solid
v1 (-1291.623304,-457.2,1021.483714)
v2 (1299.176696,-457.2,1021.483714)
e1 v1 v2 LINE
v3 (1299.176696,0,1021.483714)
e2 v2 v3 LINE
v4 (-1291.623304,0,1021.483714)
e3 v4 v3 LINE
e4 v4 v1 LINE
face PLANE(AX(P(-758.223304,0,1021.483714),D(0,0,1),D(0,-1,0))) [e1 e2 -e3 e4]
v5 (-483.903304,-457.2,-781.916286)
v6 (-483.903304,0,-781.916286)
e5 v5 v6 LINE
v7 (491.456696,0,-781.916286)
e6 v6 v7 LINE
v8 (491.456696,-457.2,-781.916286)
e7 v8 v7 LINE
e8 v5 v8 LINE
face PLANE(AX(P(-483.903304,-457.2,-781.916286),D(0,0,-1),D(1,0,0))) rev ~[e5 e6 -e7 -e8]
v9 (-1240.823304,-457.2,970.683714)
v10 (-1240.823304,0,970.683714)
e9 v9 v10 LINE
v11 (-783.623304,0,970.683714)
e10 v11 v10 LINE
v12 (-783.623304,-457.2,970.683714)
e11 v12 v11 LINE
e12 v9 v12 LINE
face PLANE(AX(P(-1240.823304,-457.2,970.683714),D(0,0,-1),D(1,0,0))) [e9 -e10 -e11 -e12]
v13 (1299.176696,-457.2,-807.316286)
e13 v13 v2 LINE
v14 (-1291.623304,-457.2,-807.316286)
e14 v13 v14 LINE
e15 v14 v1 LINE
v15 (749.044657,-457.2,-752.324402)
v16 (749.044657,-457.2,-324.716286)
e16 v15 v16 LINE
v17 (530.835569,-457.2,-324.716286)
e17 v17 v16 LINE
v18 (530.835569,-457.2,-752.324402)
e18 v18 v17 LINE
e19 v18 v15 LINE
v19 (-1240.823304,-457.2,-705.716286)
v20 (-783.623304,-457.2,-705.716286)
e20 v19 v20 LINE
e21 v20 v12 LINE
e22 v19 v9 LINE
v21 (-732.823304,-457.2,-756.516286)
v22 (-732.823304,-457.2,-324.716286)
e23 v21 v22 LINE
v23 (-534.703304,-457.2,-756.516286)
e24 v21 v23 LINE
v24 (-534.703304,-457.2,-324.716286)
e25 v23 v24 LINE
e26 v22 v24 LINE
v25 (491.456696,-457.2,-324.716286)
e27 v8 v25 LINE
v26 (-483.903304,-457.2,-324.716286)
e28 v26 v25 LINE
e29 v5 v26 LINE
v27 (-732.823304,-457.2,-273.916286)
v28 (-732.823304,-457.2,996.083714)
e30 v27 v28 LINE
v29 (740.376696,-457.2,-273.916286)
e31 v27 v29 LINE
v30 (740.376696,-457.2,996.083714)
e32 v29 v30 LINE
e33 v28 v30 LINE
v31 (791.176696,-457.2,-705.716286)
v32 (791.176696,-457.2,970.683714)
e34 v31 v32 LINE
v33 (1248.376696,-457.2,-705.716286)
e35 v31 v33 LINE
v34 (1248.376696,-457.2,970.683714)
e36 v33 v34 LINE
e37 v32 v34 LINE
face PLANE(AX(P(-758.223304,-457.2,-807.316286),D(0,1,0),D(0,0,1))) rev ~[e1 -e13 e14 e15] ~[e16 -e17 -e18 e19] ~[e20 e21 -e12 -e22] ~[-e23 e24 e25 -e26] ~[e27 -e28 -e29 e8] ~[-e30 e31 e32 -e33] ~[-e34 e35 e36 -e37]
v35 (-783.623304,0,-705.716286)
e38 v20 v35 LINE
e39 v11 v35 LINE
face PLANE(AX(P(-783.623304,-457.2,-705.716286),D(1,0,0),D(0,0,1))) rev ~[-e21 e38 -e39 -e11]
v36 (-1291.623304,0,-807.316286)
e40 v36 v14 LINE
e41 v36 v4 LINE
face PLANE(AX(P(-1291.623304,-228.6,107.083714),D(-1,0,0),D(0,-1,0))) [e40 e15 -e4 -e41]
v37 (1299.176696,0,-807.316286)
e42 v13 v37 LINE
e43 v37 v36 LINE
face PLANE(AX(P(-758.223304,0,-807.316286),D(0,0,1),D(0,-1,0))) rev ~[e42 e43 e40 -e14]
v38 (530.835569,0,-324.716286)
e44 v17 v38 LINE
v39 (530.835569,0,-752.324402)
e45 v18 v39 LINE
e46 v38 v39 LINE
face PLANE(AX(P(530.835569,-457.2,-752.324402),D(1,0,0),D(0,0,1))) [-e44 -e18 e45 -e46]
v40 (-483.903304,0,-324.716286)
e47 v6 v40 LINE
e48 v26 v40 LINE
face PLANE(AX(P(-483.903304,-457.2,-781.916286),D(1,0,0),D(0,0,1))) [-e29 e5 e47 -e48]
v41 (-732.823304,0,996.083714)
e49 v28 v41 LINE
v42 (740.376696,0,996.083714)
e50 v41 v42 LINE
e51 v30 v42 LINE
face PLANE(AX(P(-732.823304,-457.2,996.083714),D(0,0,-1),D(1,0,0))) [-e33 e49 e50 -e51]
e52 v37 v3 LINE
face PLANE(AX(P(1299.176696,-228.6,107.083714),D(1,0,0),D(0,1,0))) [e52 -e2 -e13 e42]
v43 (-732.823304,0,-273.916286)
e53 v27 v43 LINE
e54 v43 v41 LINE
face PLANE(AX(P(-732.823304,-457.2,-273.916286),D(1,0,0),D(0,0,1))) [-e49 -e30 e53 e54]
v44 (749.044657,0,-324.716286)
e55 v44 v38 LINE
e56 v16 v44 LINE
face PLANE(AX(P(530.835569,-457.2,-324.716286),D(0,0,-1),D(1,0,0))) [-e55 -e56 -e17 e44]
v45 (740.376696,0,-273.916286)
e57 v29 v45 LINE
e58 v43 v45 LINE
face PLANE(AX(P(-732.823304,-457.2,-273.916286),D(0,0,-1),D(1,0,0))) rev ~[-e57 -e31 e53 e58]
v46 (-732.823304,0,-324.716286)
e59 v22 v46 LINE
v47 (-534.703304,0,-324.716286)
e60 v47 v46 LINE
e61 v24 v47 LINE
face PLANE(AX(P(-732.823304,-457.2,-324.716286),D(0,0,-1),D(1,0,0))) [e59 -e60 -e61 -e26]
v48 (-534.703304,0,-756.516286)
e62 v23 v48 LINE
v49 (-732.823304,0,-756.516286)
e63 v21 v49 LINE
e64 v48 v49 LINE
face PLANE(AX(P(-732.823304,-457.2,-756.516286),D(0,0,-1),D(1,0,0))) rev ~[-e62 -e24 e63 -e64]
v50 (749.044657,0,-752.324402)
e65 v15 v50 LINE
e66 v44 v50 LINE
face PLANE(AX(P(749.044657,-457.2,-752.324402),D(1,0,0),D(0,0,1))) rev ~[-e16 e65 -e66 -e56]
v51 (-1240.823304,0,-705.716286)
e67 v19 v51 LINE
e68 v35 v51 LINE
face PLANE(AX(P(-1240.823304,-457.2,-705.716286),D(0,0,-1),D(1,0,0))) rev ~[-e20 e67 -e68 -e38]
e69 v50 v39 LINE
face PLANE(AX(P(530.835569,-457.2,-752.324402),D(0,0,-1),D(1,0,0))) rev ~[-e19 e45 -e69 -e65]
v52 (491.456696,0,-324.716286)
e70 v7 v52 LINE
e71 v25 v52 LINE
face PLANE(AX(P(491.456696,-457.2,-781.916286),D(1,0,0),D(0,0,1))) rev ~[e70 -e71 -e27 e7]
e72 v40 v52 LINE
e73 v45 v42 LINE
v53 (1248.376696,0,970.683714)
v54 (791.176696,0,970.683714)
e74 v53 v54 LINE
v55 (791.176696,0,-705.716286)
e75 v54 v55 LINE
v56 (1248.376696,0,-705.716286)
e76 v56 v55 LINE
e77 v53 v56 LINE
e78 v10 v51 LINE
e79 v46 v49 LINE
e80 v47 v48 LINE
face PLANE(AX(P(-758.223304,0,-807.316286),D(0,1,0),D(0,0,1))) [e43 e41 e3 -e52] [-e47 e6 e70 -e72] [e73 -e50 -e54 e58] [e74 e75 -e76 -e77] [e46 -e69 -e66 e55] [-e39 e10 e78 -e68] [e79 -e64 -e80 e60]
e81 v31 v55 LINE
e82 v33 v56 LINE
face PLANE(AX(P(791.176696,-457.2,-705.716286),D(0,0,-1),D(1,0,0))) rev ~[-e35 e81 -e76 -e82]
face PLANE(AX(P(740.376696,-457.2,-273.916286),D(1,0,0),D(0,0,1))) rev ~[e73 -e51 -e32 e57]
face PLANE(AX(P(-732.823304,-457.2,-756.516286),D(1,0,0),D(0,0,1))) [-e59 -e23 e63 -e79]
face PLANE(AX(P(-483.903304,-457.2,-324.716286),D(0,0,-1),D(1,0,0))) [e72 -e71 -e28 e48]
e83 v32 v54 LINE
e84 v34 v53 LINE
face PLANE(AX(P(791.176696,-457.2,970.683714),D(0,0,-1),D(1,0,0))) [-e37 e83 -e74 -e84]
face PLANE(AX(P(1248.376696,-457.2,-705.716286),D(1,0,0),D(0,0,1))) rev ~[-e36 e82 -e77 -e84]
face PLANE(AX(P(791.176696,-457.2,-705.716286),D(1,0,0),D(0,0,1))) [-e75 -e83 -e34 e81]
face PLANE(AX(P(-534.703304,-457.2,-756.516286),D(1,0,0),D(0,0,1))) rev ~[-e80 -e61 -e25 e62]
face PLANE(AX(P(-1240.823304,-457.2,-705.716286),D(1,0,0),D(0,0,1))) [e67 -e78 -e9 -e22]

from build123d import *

# Parameters (mm, degrees)
F0_W      = 1524
F0_H      = 1828.8
F1_DEPTH  = 457.2
F2_W      = 1473.2
F2_H      = 1270
F3_DEPTH  = 457.201
F4_W      = 975.36
F4_H      = 457.2
F5_DEPTH  = 457.201
F6_W      = 457.2
F6_H      = 1828.8
F7_DEPTH  = 533.4
F8_W      = 457.2
F8_H      = 1828.8
F9_DEPTH  = 533.4
F10_W     = 457.2
F10_H     = 1676.4
F11_DEPTH = 457.201
F12_W     = 457.2
F12_H     = 1676.4
F13_DEPTH = 457.201
F14_W     = 198.12
F14_H     = 431.8
F15_DEPTH = 457.201
F16_W     = 218.209088
F16_H     = 427.608116
F17_DEPTH = 457.201


with BuildPart() as f1:
    # F0 (on Front) → F1 (new body)
    with BuildSketch(Plane.XZ):
        with Locations((3.776696, 107.083714)):
            Rectangle(F0_W, F0_H)
    extrude(amount=F1_DEPTH)

    # F2 (on face) → F3 (cut, through all)
    with BuildSketch(Plane.XZ.offset(457.2)):
        with Locations((3.776696, 361.083714)):
            Rectangle(F2_W, F2_H)
    extrude(amount=-F3_DEPTH, mode=Mode.SUBTRACT)

    # F4 (on face) → F5 (cut, through all)
    with BuildSketch(Plane.XZ.offset(457.2)):
        with Locations((3.776696, -553.316286)):
            Rectangle(F4_W, F4_H)
    extrude(amount=-F5_DEPTH, mode=Mode.SUBTRACT)

    # F6 (on face) → F7 (join)
    with BuildSketch(Plane.YZ.offset(765.776696)):
        with Locations((-228.6, 107.083714)):
            Rectangle(F6_W, F6_H)
    extrude(amount=F7_DEPTH)

    # F8 (on face) → F9 (join)
    with BuildSketch(Plane(origin=(-758.223304, 0, 0), x_dir=(0, -1, 0), z_dir=(-1, 0, 0))):
        with Locations((228.6, 107.083714)):
            Rectangle(F8_W, F8_H)
    extrude(amount=F9_DEPTH)

    # F10 (on face) → F11 (cut, through all)
    with BuildSketch(Plane.XZ.offset(457.2)):
        with Locations((-1012.223304, 132.483714)):
            Rectangle(F10_W, F10_H)
    extrude(amount=-F11_DEPTH, mode=Mode.SUBTRACT)

    # F12 (on face) → F13 (cut, through all)
    with BuildSketch(Plane.XZ.offset(457.2)):
        with Locations((1019.776696, 132.483714)):
            Rectangle(F12_W, F12_H)
    extrude(amount=-F13_DEPTH, mode=Mode.SUBTRACT)

    # F14 (on face) → F15 (cut, through all)
    with BuildSketch(Plane.XZ.offset(457.2)):
        with Locations((-633.763304, -540.616286)):
            Rectangle(F14_W, F14_H)
    extrude(amount=-F15_DEPTH, mode=Mode.SUBTRACT)

    # F16 (on face) → F17 (cut, through all)
    with BuildSketch(Plane.XZ.offset(457.2)):
        with Locations((639.940113, -538.520344)):
            Rectangle(F16_W, F16_H)
    extrude(amount=-F17_DEPTH, mode=Mode.SUBTRACT)


solid = f1.part
